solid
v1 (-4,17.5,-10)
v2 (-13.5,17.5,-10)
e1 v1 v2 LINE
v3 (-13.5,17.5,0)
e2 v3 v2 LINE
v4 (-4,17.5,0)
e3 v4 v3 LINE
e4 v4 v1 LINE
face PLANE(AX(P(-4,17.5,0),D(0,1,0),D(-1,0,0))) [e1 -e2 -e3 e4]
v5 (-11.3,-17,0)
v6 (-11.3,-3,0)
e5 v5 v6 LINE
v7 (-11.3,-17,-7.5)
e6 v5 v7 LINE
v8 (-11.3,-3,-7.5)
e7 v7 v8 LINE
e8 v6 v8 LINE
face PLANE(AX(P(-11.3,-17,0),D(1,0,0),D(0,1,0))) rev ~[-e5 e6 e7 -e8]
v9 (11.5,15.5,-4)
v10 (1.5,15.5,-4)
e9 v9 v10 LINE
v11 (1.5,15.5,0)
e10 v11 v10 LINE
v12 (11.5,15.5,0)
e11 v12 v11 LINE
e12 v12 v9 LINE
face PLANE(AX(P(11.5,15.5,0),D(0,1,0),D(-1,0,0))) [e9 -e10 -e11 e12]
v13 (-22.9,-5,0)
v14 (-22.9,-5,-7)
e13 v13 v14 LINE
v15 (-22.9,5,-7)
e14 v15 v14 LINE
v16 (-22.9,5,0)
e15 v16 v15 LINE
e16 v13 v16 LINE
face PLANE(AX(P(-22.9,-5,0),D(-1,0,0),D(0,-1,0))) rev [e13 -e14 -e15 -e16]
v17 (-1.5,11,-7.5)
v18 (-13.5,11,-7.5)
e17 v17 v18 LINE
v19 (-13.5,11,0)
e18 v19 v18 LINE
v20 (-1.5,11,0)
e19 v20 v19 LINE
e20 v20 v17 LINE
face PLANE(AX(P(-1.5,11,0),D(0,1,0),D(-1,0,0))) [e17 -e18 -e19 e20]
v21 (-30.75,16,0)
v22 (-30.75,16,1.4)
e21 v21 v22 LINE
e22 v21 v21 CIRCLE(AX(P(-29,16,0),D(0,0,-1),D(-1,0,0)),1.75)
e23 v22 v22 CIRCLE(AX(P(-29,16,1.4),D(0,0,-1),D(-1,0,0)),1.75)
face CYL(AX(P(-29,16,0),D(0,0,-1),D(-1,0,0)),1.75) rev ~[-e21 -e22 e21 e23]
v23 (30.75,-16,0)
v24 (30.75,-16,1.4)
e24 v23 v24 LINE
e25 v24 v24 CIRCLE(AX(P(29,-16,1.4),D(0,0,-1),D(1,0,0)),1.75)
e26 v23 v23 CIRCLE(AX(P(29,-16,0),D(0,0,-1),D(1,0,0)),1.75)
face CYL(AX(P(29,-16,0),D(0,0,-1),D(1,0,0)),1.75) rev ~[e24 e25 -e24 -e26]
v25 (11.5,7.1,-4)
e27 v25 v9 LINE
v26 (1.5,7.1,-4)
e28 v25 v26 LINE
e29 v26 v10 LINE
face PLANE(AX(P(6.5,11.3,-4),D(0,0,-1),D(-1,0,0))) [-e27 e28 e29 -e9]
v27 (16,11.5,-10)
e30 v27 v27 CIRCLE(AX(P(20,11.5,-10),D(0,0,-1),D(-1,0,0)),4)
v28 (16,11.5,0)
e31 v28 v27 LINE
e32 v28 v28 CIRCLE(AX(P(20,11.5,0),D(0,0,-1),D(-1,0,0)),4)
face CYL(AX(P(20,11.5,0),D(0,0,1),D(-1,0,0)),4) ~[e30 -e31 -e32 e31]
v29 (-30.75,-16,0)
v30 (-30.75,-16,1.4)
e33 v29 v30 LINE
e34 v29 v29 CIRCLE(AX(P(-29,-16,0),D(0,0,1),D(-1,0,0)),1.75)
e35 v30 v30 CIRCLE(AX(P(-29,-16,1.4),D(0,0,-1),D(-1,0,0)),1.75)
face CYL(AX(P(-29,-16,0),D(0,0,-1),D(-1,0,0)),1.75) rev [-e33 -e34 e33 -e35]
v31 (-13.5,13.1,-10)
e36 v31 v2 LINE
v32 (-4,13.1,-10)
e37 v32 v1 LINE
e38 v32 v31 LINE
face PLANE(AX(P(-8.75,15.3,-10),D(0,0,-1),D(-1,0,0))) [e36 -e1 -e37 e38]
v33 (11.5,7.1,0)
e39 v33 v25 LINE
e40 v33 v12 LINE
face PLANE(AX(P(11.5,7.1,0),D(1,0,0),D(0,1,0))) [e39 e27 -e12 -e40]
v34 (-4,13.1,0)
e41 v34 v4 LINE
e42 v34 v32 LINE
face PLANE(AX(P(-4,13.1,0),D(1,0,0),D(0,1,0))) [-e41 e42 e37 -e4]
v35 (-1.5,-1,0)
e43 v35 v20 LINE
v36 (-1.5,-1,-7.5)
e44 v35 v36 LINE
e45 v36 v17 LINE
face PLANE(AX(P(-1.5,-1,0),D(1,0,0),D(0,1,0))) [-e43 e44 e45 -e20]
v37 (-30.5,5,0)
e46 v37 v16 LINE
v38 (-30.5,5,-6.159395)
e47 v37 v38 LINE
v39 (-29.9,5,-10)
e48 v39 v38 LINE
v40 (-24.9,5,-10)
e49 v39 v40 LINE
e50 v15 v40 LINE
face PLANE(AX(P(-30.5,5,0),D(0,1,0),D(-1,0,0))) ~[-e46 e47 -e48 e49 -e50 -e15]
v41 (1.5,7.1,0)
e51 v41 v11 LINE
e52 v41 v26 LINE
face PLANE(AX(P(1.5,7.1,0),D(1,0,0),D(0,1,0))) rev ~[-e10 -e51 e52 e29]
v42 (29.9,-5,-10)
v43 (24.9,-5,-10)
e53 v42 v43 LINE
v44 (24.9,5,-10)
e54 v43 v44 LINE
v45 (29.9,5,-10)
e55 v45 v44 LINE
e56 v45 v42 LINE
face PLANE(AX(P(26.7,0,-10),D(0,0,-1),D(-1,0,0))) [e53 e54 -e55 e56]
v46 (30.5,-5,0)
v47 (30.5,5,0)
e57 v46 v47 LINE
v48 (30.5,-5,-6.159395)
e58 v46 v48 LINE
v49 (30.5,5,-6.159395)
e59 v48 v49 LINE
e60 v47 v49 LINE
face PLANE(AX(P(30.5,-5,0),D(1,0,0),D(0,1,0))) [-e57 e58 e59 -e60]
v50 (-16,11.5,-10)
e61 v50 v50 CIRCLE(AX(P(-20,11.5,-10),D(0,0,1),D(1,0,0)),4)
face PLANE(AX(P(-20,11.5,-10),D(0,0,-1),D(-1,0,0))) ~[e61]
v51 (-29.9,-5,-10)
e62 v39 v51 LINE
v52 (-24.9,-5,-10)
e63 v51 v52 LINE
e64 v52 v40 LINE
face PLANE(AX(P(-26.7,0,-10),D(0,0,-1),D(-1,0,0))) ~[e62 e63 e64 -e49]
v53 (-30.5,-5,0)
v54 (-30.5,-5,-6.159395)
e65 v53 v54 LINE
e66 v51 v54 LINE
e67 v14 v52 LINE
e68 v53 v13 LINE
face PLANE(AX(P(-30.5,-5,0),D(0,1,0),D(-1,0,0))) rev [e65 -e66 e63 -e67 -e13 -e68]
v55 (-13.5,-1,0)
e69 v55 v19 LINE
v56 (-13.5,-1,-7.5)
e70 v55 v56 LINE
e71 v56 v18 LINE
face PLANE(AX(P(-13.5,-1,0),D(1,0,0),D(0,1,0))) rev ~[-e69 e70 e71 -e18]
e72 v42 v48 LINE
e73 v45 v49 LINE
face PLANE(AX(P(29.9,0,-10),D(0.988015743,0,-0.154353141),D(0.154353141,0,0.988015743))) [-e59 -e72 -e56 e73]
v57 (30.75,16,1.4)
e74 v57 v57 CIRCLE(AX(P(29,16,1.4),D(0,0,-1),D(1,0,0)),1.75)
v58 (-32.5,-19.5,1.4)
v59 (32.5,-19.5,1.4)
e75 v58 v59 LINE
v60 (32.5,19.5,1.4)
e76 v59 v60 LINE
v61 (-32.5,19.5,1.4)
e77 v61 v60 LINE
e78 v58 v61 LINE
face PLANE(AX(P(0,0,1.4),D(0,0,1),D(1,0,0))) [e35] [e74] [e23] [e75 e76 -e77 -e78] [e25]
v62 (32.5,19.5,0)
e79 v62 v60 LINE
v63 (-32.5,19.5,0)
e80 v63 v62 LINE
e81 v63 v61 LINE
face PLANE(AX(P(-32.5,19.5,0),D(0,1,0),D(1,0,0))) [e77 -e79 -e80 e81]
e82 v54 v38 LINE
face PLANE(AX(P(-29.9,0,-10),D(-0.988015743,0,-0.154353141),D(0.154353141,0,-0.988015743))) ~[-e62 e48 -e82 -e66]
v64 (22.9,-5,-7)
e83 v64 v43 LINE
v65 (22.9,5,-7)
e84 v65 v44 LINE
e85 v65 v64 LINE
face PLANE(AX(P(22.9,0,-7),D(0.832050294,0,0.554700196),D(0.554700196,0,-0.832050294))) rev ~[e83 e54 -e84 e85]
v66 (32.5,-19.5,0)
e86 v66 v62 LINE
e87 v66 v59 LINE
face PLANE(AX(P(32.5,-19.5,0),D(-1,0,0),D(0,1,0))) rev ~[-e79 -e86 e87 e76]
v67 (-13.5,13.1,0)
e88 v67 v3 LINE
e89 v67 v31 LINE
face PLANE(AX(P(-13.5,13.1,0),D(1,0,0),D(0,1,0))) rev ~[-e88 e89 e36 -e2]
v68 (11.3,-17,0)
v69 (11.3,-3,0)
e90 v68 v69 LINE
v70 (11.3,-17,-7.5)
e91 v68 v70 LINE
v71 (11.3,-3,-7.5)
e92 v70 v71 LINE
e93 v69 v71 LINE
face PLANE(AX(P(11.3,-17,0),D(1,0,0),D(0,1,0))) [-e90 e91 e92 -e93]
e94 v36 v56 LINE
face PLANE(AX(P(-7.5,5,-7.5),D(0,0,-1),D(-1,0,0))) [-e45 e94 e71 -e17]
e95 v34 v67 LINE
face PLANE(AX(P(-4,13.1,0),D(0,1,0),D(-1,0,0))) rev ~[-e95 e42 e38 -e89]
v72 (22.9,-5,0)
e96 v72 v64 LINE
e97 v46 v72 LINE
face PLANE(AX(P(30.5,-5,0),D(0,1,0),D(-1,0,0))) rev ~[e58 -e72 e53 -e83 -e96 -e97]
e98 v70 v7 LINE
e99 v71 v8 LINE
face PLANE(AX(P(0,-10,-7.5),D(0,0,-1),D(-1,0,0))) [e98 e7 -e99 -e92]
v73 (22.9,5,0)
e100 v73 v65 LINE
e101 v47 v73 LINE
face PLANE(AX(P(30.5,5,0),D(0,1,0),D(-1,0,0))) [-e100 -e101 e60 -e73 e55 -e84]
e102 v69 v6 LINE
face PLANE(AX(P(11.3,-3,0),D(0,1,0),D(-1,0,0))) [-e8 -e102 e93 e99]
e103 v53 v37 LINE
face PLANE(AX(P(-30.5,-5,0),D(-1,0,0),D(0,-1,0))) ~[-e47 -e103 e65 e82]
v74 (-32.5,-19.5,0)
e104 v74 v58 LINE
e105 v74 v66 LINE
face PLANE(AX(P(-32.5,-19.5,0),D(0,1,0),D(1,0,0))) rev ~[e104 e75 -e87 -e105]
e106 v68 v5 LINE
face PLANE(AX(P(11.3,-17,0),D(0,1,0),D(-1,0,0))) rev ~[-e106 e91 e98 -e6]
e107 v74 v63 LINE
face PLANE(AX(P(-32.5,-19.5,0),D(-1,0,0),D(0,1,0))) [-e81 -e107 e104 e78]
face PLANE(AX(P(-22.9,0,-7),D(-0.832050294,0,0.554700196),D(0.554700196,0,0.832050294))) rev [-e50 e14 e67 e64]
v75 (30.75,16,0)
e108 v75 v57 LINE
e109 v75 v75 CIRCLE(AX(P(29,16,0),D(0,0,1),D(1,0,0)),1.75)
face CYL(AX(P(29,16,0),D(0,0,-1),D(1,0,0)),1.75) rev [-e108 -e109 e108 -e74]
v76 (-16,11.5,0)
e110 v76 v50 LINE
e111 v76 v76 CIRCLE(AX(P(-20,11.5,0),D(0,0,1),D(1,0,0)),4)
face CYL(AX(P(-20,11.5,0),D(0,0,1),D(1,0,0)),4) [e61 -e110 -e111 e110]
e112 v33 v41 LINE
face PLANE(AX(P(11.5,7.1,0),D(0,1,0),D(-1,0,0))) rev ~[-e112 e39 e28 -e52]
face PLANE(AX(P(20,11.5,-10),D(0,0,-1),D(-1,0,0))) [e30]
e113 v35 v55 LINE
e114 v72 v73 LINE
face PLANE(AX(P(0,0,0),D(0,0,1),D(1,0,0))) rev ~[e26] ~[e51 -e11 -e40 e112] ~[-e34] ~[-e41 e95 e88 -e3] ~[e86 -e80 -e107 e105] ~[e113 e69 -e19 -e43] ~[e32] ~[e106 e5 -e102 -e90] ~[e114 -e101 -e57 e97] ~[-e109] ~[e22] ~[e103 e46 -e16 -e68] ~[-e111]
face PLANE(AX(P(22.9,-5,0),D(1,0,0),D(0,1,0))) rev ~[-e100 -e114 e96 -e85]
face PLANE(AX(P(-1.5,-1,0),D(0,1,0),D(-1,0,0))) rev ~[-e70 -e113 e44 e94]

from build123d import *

# Parameters (mm, degrees)
SKETCH_W                = 65
SKETCH_H                = 39
PAD_DEPTH               = 1.4
SKETCH001_R             = 1.75
POCKET_DEPTH            = 153.031604
SKETCH001_MIRRORED_2_R  = 1.75
POCKET_MIRRORED_2_DEPTH = 153.031604
SKETCH002_W             = 7.6
SKETCH002_H             = 10
PAD001_DEPTH            = 10
POCKET001_DEPTH         = 5
SKETCH004_W             = 22.6
SKETCH004_H             = 14
PAD002_DEPTH            = 7.5
SKETCH005_R             = 4
PAD003_DEPTH            = 10
SKETCH006_W             = 12
SKETCH006_H             = 12
PAD004_DEPTH            = 7.5
SKETCH007_W             = 9.5
SKETCH007_H             = 4.4
PAD005_DEPTH            = 10
SKETCH008_W             = 10
SKETCH008_H             = 8.4
PAD006_DEPTH            = 4


with BuildPart() as part:
    # Sketch → Pad (new body)
    with BuildSketch(Plane.XY):
        Rectangle(SKETCH_W, SKETCH_H)
    extrude(amount=PAD_DEPTH)

    # Sketch001 → Pocket (cut, through all)
    with BuildSketch(Plane.XY):
        with Locations((29, 16)):
            Circle(SKETCH001_R)
    pocket = extrude(amount=POCKET_DEPTH, mode=Mode.SUBTRACT)

    # Sketch001 Mirrored 2 → Pocket Mirrored 2 (cut, through all)
    with BuildSketch(Plane(origin=(0, 0, 0), x_dir=(-1, 0, 0), z_dir=(0, 0, -1))):
        with Locations((29, 16)):
            Circle(SKETCH001_MIRRORED_2_R)
    pocket_mirrored_2 = extrude(amount=-POCKET_MIRRORED_2_DEPTH, mode=Mode.SUBTRACT)

    # Mirrored001: Pocket, Pocket Mirrored 2 across Sketch001 H_Axis
    add(pocket.mirror(Plane.ZX), mode=Mode.SUBTRACT)
    add(pocket_mirrored_2.mirror(Plane.ZX), mode=Mode.SUBTRACT)

    # Sketch002 → Pad001 (join)
    with BuildSketch(Plane(origin=(0, 0, 0), x_dir=(-1, 0, 0), z_dir=(0, 0, -1))):
        with Locations((-26.7, 0)):
            Rectangle(SKETCH002_W, SKETCH002_H)
    pad001 = extrude(amount=PAD001_DEPTH)

    # Sketch003 → Pocket001 (cut, symmetric)
    with BuildSketch(Plane.XZ):
        Polygon((22.9, -7), (24.9, -10), (22.9, -10), align=None)
        Polygon((29.9, -10), (30.5, -6.159395), (30.5, -10), align=None)
    pocket001 = extrude(amount=POCKET001_DEPTH, both=True, mode=Mode.SUBTRACT)

    # Sketch004 → Pad002 (join)
    with BuildSketch(Plane(origin=(0, 0, 0), x_dir=(-1, 0, 0), z_dir=(0, 0, -1))):
        with Locations((0, -10)):
            Rectangle(SKETCH004_W, SKETCH004_H)
    extrude(amount=PAD002_DEPTH)

    # Sketch005 → Pad003 (join)
    with BuildSketch(Plane(origin=(0, 0, 0), x_dir=(-1, 0, 0), z_dir=(0, 0, -1))):
        with Locations((-20, 11.5)):
            Circle(SKETCH005_R)
    pad003 = extrude(amount=PAD003_DEPTH)

    # Mirrored002: Pad001, Pocket001, Pad003 across Sketch002 V_Axis
    add(pad001.mirror(Plane(origin=(0, 0, 0), x_dir=(0, 0, -1), z_dir=(-1, 0, 0))))
    add(pocket001.mirror(Plane(origin=(0, 0, 0), x_dir=(0, 0, -1), z_dir=(-1, 0, 0))), mode=Mode.SUBTRACT)
    add(pad003.mirror(Plane(origin=(0, 0, 0), x_dir=(0, 0, -1), z_dir=(-1, 0, 0))))

    # Sketch006 → Pad004 (join)
    with BuildSketch(Plane(origin=(0, 0, 0), x_dir=(-1, 0, 0), z_dir=(0, 0, -1))):
        with Locations((7.5, 5)):
            Rectangle(SKETCH006_W, SKETCH006_H)
    extrude(amount=PAD004_DEPTH)

    # Sketch007 → Pad005 (join)
    with BuildSketch(Plane(origin=(0, 0, 0), x_dir=(-1, 0, 0), z_dir=(0, 0, -1))):
        with Locations((8.75, 15.3)):
            Rectangle(SKETCH007_W, SKETCH007_H)
    extrude(amount=PAD005_DEPTH)

    # Sketch008 → Pad006 (join)
    with BuildSketch(Plane(origin=(0, 0, 0), x_dir=(-1, 0, 0), z_dir=(0, 0, -1))):
        with Locations((-6.5, 11.3)):
            Rectangle(SKETCH008_W, SKETCH008_H)
    extrude(amount=PAD006_DEPTH)


solid = part.part
